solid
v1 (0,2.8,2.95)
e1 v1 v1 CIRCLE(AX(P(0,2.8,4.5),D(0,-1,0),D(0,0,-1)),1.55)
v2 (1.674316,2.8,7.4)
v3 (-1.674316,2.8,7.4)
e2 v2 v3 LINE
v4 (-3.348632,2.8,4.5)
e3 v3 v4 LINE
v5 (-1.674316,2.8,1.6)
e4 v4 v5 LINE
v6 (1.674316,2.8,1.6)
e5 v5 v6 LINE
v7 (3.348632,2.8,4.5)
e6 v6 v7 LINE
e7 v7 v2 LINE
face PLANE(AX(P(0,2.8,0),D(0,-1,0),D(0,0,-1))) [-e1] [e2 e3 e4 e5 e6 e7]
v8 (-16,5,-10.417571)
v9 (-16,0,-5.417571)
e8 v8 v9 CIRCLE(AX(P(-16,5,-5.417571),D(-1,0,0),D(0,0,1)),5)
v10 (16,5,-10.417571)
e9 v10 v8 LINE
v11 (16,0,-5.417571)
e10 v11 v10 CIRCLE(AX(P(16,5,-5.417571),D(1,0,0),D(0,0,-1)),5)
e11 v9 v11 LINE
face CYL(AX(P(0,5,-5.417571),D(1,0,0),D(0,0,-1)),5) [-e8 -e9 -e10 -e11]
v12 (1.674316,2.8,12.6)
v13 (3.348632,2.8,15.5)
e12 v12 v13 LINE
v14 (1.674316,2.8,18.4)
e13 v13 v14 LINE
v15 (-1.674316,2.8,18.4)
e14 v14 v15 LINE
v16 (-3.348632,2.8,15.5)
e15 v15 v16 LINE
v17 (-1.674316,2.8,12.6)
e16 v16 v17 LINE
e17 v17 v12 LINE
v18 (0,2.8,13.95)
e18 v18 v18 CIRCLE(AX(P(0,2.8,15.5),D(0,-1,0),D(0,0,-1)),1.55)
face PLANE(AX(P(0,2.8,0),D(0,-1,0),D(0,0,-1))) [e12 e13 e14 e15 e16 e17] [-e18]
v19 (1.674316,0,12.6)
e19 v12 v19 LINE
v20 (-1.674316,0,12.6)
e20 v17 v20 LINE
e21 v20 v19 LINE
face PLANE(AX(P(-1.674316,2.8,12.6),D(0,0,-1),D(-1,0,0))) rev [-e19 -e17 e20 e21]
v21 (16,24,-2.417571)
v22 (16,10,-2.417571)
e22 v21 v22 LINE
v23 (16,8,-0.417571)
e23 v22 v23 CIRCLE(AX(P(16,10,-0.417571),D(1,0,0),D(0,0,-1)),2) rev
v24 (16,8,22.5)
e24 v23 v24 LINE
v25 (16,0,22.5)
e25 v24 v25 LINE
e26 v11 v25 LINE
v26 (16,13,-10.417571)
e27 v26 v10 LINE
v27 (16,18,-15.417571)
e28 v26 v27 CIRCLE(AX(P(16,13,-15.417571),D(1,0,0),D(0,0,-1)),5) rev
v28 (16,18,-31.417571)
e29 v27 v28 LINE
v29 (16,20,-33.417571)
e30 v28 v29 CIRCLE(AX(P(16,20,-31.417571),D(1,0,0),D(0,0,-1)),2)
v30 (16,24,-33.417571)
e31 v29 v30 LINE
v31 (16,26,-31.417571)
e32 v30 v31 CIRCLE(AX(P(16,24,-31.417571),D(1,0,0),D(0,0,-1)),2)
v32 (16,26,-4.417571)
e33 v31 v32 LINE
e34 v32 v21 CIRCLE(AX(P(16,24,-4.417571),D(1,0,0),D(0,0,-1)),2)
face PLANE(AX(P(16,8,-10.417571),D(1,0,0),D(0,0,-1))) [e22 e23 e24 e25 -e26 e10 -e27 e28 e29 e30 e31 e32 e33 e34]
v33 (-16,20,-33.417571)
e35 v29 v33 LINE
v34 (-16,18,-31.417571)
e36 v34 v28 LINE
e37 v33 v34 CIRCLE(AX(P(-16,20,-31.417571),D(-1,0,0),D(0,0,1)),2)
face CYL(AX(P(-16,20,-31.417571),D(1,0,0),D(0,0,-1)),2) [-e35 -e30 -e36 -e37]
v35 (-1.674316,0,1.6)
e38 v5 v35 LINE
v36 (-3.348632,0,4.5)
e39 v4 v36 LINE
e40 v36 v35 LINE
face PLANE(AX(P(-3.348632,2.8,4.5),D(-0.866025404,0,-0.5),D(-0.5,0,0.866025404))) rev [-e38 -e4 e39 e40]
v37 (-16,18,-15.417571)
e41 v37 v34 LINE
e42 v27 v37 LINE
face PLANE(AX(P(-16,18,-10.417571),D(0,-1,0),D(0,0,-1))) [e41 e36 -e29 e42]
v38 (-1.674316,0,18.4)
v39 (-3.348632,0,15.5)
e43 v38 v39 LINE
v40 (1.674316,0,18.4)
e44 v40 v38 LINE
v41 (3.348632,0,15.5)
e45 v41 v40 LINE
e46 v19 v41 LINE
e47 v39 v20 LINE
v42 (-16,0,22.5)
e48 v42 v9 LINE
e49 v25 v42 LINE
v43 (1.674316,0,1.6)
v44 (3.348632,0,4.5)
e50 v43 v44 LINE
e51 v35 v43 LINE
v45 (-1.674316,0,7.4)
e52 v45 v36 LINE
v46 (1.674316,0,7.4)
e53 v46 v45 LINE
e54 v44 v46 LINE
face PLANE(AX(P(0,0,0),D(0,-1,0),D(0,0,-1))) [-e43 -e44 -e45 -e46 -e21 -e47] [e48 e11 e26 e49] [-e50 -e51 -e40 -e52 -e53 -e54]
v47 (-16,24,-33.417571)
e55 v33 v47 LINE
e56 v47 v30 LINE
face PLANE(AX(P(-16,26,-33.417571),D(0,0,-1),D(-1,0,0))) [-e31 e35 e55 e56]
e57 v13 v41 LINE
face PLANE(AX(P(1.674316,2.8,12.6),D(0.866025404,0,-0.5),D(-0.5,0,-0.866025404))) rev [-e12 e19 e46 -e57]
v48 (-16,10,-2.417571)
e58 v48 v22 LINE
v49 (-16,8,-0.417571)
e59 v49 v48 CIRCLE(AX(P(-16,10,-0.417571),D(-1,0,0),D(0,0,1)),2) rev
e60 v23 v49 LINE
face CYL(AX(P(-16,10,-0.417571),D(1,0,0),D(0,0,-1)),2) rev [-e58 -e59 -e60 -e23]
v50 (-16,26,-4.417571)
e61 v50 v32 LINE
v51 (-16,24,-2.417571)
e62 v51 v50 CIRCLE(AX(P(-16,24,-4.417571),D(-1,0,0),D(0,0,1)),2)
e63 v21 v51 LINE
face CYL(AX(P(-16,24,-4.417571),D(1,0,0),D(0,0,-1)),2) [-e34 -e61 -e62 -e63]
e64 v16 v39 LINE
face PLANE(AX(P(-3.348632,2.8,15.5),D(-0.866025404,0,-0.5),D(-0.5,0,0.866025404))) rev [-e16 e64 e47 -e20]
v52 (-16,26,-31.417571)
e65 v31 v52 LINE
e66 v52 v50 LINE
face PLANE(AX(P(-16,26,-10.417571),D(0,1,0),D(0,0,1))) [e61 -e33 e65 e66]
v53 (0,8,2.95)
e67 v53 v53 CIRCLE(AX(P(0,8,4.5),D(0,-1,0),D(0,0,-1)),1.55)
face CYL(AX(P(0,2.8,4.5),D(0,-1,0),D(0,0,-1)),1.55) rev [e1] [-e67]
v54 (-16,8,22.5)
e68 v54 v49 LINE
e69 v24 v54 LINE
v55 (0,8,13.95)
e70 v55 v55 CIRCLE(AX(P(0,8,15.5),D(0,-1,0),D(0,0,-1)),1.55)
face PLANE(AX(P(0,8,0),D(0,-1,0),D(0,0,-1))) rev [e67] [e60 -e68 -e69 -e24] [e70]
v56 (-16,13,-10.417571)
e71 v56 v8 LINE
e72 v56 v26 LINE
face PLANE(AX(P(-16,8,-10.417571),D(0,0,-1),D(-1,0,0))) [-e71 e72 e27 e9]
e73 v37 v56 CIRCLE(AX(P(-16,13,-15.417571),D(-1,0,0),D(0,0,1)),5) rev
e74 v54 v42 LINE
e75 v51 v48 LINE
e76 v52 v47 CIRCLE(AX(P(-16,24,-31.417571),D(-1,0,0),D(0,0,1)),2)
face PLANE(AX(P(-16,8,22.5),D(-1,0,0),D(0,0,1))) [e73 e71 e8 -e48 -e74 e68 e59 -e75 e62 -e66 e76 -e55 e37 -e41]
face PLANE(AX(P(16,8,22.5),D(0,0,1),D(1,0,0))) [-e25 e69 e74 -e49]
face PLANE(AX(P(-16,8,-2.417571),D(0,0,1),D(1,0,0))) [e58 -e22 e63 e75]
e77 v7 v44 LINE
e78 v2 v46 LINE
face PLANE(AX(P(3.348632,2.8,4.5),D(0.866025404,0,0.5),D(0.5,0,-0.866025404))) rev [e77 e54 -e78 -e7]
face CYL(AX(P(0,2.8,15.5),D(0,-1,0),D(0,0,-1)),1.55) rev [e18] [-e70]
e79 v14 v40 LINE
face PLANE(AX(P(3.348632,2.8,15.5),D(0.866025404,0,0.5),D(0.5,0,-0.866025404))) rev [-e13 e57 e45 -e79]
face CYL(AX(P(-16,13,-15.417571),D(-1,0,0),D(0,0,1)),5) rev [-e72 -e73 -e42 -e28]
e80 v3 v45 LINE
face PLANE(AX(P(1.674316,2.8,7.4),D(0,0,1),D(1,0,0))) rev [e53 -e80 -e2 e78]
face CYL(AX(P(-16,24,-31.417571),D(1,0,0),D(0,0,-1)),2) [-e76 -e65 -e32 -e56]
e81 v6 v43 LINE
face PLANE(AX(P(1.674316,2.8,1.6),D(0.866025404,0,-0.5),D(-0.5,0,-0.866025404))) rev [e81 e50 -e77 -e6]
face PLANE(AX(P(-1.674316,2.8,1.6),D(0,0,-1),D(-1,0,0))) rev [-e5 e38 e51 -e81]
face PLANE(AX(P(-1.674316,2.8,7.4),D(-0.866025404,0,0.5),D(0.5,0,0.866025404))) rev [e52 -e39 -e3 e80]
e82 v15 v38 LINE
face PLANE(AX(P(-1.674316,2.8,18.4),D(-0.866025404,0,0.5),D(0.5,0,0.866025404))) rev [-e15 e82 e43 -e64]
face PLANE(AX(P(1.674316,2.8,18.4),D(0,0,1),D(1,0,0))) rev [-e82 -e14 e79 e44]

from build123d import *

# Parameters (mm, degrees)
SKETCH_1_W              = 32
SKETCH_1_H              = 32.917571433
EXTRUDE_1_DEPTH         = 8
CUT_EXTRUDE_1_DEPTH     = 2.8
CUT_EXTRUDE_2_DEPTH     = 2.8
HOLE_WIZARD_3_1_3_1_1_D = 3.1
SKETCH_9_W              = 8
SKETCH_9_H              = 18
EXTRUDE_3_DEPTH         = 32
SKETCH_10_W             = 23
SKETCH_10_H             = 8
EXTRUDE_4_DEPTH         = 32
FILLET_1_R              = 2
FILLET_2_R              = 2
FILLET_3_R              = 5


with BuildPart() as part:
    # 草图1 → 凸台-拉伸1 (new body)
    with BuildSketch(Plane.XZ):
        with Locations((0, 6.041214283)):
            Rectangle(SKETCH_1_W, SKETCH_1_H)
    extrude(amount=-EXTRUDE_1_DEPTH)

    # 草图2 → 切除-拉伸1 (cut)
    with BuildSketch(Plane.XZ):
        Polygon((-1.674315781, 18.4), (-3.348631561, 15.5), (-1.674315781, 12.6), (1.674315781, 12.6), (3.348631561, 15.5), (1.674315781, 18.4), align=None)
    extrude(amount=-CUT_EXTRUDE_1_DEPTH, mode=Mode.SUBTRACT)

    # 草图3 → 切除-拉伸2 (cut)
    with BuildSketch(Plane.XZ):
        Polygon((1.674315781, 7.4), (-1.674315781, 7.4), (-3.348631561, 4.5), (-1.674315781, 1.6), (1.674315781, 1.6), (3.348631561, 4.5), align=None)
    extrude(amount=-CUT_EXTRUDE_2_DEPTH, mode=Mode.SUBTRACT)

    # Ø3.1 (3.1) 直径孔1 (through all)
    with Locations(Plane(origin=(0, 2.8, 0), x_dir=(-1, 0, 0), z_dir=(0, -1, 0))):
        with Locations((0, -4.5), (0, -15.5)):
            Hole(HOLE_WIZARD_3_1_3_1_1_D / 2)

    # 草图9 → 凸台-拉伸3 (add)
    with BuildSketch(Plane(origin=(16, 0, 0), x_dir=(0, 0, -1), z_dir=(1, 0, 0))):
        with Locations((6.417571433, 17)):
            Rectangle(SKETCH_9_W, SKETCH_9_H)
    extrude(amount=-EXTRUDE_3_DEPTH)

    # 草图10 → 凸台-拉伸4 (add)
    with BuildSketch(Plane(origin=(16, 0, 0), x_dir=(0, 0, -1), z_dir=(1, 0, 0))):
        with Locations((21.917571433, 22)):
            Rectangle(SKETCH_10_W, SKETCH_10_H)
    extrude(amount=-EXTRUDE_4_DEPTH)

    # 圆角1
    fillet_1_edges = [part.edges().sort_by_distance(p)[0] for p in [
        (0, 8, -2.417571433),
        (0, 26, -2.417571433),
    ]]
    fillet(fillet_1_edges, radius=FILLET_1_R)

    # 圆角2
    fillet_2_edges = [part.edges().sort_by_distance(p)[0] for p in [
        (0, 26, -33.417571433),
        (0, 18, -33.417571433),
    ]]
    fillet(fillet_2_edges, radius=FILLET_2_R)

    # 圆角3
    fillet_3_edges = [part.edges().sort_by_distance(p)[0] for p in [
        (0, 0, -10.417571433),
        (0, 18, -10.417571433),
    ]]
    fillet(fillet_3_edges, radius=FILLET_3_R)


solid = part.part
